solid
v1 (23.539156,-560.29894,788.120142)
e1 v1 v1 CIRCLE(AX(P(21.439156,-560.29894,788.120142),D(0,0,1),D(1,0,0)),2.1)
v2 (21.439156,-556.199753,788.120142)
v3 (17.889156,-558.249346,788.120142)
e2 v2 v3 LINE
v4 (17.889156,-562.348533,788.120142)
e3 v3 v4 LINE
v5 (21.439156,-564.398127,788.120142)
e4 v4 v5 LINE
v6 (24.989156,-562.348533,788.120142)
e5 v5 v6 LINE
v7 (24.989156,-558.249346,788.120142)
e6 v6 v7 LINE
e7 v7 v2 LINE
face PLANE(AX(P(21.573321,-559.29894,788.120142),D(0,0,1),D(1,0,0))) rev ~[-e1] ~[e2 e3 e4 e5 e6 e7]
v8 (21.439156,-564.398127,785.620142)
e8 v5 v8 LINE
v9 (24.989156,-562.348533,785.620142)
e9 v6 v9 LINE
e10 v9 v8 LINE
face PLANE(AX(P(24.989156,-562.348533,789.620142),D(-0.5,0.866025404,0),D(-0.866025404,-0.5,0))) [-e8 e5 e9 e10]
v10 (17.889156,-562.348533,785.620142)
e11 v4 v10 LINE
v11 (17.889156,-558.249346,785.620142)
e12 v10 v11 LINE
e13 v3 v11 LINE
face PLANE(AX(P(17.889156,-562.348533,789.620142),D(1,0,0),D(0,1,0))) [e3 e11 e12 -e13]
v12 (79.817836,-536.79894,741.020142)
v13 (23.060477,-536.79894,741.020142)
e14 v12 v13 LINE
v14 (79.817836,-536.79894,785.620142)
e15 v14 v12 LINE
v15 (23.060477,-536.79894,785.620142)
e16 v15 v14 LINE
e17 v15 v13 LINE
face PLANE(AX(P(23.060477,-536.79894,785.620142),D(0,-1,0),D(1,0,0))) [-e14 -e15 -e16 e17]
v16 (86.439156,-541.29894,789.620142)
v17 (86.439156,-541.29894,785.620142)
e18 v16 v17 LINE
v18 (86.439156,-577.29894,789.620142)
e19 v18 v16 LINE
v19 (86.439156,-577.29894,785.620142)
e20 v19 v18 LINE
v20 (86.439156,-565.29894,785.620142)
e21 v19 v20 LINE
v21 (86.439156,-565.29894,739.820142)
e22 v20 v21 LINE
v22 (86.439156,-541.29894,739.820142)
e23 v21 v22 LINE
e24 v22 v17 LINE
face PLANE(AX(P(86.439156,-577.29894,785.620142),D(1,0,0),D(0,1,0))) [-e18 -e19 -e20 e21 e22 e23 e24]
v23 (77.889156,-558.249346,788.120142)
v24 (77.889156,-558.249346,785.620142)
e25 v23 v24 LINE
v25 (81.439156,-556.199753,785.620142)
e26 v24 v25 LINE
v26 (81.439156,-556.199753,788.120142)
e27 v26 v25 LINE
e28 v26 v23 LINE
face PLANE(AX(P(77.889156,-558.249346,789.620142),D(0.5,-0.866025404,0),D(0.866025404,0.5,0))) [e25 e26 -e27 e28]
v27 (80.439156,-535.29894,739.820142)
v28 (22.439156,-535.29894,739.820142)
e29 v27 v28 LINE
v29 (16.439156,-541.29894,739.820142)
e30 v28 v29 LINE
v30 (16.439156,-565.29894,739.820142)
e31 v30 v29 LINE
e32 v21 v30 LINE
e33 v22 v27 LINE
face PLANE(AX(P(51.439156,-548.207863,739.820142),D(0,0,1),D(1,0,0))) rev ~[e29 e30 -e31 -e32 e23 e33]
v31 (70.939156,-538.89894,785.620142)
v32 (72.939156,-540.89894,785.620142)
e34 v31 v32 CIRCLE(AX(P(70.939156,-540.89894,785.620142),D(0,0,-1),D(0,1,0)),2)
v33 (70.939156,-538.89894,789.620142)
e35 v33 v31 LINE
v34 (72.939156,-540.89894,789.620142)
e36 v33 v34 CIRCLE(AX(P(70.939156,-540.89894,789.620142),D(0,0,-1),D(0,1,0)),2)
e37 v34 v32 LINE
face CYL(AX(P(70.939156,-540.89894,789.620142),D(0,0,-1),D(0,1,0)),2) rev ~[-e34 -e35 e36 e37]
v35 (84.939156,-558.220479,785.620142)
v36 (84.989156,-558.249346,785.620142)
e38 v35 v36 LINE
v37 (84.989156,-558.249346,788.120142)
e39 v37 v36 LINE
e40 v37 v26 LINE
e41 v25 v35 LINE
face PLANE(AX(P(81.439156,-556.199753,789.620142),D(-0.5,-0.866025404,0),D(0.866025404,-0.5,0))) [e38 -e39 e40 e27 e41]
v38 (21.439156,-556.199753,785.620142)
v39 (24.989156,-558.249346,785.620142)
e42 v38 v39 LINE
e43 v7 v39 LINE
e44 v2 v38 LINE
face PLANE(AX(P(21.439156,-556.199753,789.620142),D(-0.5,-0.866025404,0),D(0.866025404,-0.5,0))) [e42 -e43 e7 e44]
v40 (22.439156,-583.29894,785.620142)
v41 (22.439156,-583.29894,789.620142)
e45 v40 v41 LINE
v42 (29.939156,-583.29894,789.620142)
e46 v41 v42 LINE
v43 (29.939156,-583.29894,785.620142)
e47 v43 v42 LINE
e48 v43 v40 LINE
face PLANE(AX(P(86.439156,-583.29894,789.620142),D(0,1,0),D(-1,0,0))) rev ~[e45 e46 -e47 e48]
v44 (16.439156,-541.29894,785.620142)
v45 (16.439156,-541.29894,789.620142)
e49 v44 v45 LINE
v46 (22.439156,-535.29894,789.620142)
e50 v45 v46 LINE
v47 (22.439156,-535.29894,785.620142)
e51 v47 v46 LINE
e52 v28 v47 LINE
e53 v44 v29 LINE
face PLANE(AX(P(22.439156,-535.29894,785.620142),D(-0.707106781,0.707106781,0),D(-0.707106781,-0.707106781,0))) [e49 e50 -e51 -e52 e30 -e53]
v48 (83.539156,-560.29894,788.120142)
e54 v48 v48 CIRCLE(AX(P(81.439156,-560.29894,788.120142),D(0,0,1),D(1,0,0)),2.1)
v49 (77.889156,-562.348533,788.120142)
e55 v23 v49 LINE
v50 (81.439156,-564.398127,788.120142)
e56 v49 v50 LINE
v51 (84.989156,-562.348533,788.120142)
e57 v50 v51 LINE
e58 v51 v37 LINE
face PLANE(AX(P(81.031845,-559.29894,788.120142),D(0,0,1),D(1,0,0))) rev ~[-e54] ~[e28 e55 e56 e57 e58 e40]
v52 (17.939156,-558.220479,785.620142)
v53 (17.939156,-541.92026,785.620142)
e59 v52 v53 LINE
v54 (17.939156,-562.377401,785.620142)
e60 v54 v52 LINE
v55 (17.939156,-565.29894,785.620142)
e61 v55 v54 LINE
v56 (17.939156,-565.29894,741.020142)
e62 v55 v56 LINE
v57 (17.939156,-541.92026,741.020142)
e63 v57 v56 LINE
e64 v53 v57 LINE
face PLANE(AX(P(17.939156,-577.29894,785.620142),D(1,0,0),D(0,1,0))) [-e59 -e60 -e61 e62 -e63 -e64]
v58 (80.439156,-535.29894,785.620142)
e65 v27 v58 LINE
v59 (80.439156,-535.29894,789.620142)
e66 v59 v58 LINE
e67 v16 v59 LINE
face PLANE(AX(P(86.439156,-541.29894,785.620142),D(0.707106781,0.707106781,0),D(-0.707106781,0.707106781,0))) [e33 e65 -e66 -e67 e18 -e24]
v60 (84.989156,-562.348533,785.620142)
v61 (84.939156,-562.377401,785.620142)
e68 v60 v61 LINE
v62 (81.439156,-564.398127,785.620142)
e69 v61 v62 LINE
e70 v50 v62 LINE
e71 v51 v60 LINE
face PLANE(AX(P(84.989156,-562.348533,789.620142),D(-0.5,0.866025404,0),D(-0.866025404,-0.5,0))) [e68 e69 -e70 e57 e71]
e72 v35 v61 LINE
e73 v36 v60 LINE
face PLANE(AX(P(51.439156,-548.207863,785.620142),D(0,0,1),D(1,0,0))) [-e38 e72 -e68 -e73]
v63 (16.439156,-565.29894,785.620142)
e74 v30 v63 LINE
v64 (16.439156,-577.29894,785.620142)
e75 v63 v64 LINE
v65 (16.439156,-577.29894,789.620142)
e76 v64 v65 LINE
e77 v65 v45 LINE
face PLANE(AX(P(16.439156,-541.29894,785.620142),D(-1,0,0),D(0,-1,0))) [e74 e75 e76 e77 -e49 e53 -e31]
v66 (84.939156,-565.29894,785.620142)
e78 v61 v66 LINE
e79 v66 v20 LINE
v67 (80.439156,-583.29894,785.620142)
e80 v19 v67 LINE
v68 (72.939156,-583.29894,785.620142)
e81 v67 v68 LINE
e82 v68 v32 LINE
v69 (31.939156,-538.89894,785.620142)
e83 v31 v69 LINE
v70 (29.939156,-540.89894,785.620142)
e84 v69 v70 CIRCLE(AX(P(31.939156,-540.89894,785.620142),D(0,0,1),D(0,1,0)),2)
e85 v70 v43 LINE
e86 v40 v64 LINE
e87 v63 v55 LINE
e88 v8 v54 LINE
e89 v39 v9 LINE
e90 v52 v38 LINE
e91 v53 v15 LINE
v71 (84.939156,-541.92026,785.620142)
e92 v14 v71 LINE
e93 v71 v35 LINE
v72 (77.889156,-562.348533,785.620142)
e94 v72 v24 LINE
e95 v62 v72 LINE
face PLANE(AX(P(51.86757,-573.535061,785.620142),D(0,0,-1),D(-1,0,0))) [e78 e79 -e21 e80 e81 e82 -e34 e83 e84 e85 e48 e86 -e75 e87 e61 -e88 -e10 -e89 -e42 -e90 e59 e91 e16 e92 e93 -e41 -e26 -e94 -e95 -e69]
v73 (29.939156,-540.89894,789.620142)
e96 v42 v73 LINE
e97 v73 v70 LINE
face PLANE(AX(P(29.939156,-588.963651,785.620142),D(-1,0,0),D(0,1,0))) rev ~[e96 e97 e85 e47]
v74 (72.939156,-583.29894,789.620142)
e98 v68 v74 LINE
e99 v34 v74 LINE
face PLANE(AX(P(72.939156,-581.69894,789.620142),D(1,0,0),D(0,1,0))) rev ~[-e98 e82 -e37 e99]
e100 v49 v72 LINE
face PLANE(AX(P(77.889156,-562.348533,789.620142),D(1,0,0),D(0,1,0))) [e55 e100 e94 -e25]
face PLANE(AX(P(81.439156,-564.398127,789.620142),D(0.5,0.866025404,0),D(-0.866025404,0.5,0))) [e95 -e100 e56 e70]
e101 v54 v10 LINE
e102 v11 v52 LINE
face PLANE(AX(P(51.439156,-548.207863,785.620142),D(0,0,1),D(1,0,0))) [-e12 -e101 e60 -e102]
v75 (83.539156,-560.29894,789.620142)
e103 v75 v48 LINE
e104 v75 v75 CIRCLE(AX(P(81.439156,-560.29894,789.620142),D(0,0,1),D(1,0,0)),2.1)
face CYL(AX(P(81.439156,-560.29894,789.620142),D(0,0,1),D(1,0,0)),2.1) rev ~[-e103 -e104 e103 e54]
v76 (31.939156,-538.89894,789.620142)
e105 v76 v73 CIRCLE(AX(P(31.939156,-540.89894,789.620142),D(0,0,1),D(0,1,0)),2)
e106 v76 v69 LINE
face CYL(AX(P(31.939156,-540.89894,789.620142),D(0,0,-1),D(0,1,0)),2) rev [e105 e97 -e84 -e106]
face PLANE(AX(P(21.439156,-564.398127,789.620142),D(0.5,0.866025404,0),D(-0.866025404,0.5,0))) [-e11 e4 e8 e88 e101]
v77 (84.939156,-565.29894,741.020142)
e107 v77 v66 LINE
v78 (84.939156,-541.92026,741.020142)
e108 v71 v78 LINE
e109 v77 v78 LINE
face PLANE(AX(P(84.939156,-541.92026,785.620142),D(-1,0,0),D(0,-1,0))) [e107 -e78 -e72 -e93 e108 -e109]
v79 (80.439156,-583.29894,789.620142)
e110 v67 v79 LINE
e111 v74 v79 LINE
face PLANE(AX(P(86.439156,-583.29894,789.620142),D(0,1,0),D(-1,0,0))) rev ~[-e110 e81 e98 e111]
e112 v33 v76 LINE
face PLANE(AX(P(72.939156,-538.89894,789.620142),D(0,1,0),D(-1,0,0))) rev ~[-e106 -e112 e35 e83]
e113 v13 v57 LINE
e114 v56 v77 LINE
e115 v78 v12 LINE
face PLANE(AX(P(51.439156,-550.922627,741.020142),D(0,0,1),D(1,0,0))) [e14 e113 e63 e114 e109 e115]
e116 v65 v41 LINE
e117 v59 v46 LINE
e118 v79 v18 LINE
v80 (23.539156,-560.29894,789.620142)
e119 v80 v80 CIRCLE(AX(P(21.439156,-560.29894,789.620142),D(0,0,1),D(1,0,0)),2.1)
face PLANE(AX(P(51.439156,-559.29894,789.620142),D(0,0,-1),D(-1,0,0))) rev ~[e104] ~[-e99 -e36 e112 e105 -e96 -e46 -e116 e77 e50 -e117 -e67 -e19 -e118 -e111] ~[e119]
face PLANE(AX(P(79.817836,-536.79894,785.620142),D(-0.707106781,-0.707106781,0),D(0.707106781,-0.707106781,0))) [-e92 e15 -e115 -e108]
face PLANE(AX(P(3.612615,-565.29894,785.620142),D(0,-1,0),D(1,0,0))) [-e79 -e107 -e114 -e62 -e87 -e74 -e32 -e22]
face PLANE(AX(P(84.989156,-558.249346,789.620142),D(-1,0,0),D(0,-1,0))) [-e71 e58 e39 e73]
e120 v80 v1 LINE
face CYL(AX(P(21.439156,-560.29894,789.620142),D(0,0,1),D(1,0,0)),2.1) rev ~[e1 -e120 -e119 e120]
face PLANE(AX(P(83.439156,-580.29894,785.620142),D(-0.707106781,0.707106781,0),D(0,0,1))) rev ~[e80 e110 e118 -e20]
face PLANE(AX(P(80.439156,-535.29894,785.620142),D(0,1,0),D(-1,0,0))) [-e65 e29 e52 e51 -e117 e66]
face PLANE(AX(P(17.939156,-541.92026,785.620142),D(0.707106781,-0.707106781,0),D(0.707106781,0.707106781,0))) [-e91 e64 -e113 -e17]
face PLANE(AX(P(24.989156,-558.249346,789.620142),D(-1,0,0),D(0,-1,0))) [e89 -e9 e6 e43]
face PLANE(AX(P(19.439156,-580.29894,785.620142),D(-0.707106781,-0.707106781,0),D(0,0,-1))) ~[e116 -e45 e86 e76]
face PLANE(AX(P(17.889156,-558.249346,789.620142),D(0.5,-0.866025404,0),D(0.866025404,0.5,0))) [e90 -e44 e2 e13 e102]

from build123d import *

# Parameters (mm, degrees)
SKETCH1_W           = 70
SKETCH1_H           = 48
SKETCH1_W_2         = 43
SKETCH1_H_2         = 42.8
BOSS_EXTRUDE1_DEPTH = 4
SKETCH2_W           = 10.268328243
SKETCH2_H           = 48
SKETCH2_R           = 2.1
SKETCH2_W_2         = 10.814622491
BOSS_EXTRUDE2_DEPTH = 1.5
CHAMFER1_SIZE       = 6
FILLET1_R           = 2
SKETCH3_W           = 43
SKETCH3_H           = 7.264710946
CUT_EXTRUDE1_DEPTH  = 10
BOSS_EXTRUDE3_DEPTH = 45.8
BOSS_EXTRUDE4_DEPTH = 1.2
CUT_EXTRUDE2_DEPTH  = 50


with BuildPart() as part:
    # Sketch1 → Boss-Extrude1 (new body)
    with BuildSketch(Plane(origin=(0, 0, 789.620141885), x_dir=(-1, 0, 0), z_dir=(0, 0, -1))):
        with Locations((-51.439156386, -559.298939869)):
            Rectangle(SKETCH1_W, SKETCH1_H)
        with Locations((-51.439156386, -560.298939869)):
            Rectangle(SKETCH1_W_2, SKETCH1_H_2, mode=Mode.SUBTRACT)
        Polygon((-84.989156386, -558.249346414), (-84.989156386, -562.348533325), (-81.439156386, -564.398126781), (-77.889156386, -562.348533325), (-77.889156386, -558.249346414), (-81.439156386, -556.199752958), align=None, mode=Mode.SUBTRACT)
        Polygon((-17.889156386, -562.348533325), (-17.889156386, -558.249346414), (-21.439156386, -556.199752958), (-24.989156386, -558.249346414), (-24.989156386, -562.348533325), (-21.439156386, -564.398126781), align=None, mode=Mode.SUBTRACT)
    extrude(amount=BOSS_EXTRUDE1_DEPTH)

    # Sketch2 → Boss-Extrude2 (add)
    # profile 1 of 2: a face of its own
    with BuildSketch(Plane.XY.offset(789.620141885)):
        with Locations((21.573320508, -559.298939869)):
            Rectangle(SKETCH2_W, SKETCH2_H)
        with Locations((21.439156386, -560.298939869)):
            Circle(SKETCH2_R, mode=Mode.SUBTRACT)
    # profile 2 of 2: a face of its own
    with BuildSketch(Plane.XY.offset(789.620141885)):
        with Locations((81.03184514, -559.298939869)):
            Rectangle(SKETCH2_W_2, SKETCH2_H)
        with Locations((81.439156386, -560.298939869)):
            Circle(SKETCH2_R, mode=Mode.SUBTRACT)
    extrude(amount=-BOSS_EXTRUDE2_DEPTH)

    # Chamfer1
    chamfer1_edges = [part.edges().sort_by_distance(p)[0] for p in [
        (86.439156386, -535.298939869, 787.620141885),
        (16.439156386, -535.298939869, 787.620141885),
        (16.439156386, -583.298939869, 787.620141885),
        (86.439156386, -583.298939869, 787.620141885),
    ]]
    chamfer(chamfer1_edges, length=CHAMFER1_SIZE)

    # Fillet1
    fillet1_edges = [part.edges().sort_by_distance(p)[0] for p in [
        (72.939156386, -538.898939869, 787.620141885),
        (29.939156386, -538.898939869, 787.620141885),
    ]]
    fillet(fillet1_edges, radius=FILLET1_R)

    # Sketch3 → Cut-Extrude1 (cut)
    with BuildSketch(Plane(origin=(0, 0, 785.620141885), x_dir=(-1, 0, 0), z_dir=(0, 0, -1))):
        with Locations((-51.439156386, -585.331295342)):
            Rectangle(SKETCH3_W, SKETCH3_H)
    extrude(amount=-CUT_EXTRUDE1_DEPTH, mode=Mode.SUBTRACT)

    # Sketch4 → Boss-Extrude3 (add)
    with BuildSketch(Plane(origin=(0, 0, 785.620141885), x_dir=(-1, 0, 0), z_dir=(0, 0, -1))):
        Polygon((-86.439156386, -577.298939869), (-86.439156386, -541.298939869), (-80.439156386, -535.298939869), (-22.439156386, -535.298939869), (-16.439156386, -541.298939869), (-16.439156386, -577.298939869), (-17.939156386, -577.298939869), (-17.939156386, -541.920260213), (-23.06047673, -536.798939869), (-79.817836043, -536.798939869), (-84.939156386, -541.920260213), (-84.939156386, -577.298939869), align=None)
    extrude(amount=BOSS_EXTRUDE3_DEPTH)

    # Sketch5 → Boss-Extrude4 (add)
    with BuildSketch(Plane(origin=(0, 0, 739.820141885), x_dir=(-1, 0, 0), z_dir=(0, 0, -1))):
        Polygon((-86.439156386, -559.298939869), (-86.439156386, -541.298939869), (-80.439156386, -535.298939869), (-22.439156386, -535.298939869), (-16.439156386, -541.298939869), (-16.439156386, -559.298939869), (-16.439156386, -565.298939869), (-86.439156386, -565.298939869), align=None)
    extrude(amount=-BOSS_EXTRUDE4_DEPTH)

    # Sketch6 → Cut-Extrude2 (cut)
    with BuildSketch(Plane(origin=(0, 0, 785.620141885), x_dir=(-1, 0, 0), z_dir=(0, 0, -1))):
        Polygon((-17.939156386, -565.298939869), (-100.122525481, -565.298939869), (-100.122525481, -581.771183043), (-17.939156386, -581.771183043), (-3.612614588, -581.771183043), (-3.612614588, -565.298939869), align=None)
    extrude(amount=CUT_EXTRUDE2_DEPTH, mode=Mode.SUBTRACT)


solid = part.part
